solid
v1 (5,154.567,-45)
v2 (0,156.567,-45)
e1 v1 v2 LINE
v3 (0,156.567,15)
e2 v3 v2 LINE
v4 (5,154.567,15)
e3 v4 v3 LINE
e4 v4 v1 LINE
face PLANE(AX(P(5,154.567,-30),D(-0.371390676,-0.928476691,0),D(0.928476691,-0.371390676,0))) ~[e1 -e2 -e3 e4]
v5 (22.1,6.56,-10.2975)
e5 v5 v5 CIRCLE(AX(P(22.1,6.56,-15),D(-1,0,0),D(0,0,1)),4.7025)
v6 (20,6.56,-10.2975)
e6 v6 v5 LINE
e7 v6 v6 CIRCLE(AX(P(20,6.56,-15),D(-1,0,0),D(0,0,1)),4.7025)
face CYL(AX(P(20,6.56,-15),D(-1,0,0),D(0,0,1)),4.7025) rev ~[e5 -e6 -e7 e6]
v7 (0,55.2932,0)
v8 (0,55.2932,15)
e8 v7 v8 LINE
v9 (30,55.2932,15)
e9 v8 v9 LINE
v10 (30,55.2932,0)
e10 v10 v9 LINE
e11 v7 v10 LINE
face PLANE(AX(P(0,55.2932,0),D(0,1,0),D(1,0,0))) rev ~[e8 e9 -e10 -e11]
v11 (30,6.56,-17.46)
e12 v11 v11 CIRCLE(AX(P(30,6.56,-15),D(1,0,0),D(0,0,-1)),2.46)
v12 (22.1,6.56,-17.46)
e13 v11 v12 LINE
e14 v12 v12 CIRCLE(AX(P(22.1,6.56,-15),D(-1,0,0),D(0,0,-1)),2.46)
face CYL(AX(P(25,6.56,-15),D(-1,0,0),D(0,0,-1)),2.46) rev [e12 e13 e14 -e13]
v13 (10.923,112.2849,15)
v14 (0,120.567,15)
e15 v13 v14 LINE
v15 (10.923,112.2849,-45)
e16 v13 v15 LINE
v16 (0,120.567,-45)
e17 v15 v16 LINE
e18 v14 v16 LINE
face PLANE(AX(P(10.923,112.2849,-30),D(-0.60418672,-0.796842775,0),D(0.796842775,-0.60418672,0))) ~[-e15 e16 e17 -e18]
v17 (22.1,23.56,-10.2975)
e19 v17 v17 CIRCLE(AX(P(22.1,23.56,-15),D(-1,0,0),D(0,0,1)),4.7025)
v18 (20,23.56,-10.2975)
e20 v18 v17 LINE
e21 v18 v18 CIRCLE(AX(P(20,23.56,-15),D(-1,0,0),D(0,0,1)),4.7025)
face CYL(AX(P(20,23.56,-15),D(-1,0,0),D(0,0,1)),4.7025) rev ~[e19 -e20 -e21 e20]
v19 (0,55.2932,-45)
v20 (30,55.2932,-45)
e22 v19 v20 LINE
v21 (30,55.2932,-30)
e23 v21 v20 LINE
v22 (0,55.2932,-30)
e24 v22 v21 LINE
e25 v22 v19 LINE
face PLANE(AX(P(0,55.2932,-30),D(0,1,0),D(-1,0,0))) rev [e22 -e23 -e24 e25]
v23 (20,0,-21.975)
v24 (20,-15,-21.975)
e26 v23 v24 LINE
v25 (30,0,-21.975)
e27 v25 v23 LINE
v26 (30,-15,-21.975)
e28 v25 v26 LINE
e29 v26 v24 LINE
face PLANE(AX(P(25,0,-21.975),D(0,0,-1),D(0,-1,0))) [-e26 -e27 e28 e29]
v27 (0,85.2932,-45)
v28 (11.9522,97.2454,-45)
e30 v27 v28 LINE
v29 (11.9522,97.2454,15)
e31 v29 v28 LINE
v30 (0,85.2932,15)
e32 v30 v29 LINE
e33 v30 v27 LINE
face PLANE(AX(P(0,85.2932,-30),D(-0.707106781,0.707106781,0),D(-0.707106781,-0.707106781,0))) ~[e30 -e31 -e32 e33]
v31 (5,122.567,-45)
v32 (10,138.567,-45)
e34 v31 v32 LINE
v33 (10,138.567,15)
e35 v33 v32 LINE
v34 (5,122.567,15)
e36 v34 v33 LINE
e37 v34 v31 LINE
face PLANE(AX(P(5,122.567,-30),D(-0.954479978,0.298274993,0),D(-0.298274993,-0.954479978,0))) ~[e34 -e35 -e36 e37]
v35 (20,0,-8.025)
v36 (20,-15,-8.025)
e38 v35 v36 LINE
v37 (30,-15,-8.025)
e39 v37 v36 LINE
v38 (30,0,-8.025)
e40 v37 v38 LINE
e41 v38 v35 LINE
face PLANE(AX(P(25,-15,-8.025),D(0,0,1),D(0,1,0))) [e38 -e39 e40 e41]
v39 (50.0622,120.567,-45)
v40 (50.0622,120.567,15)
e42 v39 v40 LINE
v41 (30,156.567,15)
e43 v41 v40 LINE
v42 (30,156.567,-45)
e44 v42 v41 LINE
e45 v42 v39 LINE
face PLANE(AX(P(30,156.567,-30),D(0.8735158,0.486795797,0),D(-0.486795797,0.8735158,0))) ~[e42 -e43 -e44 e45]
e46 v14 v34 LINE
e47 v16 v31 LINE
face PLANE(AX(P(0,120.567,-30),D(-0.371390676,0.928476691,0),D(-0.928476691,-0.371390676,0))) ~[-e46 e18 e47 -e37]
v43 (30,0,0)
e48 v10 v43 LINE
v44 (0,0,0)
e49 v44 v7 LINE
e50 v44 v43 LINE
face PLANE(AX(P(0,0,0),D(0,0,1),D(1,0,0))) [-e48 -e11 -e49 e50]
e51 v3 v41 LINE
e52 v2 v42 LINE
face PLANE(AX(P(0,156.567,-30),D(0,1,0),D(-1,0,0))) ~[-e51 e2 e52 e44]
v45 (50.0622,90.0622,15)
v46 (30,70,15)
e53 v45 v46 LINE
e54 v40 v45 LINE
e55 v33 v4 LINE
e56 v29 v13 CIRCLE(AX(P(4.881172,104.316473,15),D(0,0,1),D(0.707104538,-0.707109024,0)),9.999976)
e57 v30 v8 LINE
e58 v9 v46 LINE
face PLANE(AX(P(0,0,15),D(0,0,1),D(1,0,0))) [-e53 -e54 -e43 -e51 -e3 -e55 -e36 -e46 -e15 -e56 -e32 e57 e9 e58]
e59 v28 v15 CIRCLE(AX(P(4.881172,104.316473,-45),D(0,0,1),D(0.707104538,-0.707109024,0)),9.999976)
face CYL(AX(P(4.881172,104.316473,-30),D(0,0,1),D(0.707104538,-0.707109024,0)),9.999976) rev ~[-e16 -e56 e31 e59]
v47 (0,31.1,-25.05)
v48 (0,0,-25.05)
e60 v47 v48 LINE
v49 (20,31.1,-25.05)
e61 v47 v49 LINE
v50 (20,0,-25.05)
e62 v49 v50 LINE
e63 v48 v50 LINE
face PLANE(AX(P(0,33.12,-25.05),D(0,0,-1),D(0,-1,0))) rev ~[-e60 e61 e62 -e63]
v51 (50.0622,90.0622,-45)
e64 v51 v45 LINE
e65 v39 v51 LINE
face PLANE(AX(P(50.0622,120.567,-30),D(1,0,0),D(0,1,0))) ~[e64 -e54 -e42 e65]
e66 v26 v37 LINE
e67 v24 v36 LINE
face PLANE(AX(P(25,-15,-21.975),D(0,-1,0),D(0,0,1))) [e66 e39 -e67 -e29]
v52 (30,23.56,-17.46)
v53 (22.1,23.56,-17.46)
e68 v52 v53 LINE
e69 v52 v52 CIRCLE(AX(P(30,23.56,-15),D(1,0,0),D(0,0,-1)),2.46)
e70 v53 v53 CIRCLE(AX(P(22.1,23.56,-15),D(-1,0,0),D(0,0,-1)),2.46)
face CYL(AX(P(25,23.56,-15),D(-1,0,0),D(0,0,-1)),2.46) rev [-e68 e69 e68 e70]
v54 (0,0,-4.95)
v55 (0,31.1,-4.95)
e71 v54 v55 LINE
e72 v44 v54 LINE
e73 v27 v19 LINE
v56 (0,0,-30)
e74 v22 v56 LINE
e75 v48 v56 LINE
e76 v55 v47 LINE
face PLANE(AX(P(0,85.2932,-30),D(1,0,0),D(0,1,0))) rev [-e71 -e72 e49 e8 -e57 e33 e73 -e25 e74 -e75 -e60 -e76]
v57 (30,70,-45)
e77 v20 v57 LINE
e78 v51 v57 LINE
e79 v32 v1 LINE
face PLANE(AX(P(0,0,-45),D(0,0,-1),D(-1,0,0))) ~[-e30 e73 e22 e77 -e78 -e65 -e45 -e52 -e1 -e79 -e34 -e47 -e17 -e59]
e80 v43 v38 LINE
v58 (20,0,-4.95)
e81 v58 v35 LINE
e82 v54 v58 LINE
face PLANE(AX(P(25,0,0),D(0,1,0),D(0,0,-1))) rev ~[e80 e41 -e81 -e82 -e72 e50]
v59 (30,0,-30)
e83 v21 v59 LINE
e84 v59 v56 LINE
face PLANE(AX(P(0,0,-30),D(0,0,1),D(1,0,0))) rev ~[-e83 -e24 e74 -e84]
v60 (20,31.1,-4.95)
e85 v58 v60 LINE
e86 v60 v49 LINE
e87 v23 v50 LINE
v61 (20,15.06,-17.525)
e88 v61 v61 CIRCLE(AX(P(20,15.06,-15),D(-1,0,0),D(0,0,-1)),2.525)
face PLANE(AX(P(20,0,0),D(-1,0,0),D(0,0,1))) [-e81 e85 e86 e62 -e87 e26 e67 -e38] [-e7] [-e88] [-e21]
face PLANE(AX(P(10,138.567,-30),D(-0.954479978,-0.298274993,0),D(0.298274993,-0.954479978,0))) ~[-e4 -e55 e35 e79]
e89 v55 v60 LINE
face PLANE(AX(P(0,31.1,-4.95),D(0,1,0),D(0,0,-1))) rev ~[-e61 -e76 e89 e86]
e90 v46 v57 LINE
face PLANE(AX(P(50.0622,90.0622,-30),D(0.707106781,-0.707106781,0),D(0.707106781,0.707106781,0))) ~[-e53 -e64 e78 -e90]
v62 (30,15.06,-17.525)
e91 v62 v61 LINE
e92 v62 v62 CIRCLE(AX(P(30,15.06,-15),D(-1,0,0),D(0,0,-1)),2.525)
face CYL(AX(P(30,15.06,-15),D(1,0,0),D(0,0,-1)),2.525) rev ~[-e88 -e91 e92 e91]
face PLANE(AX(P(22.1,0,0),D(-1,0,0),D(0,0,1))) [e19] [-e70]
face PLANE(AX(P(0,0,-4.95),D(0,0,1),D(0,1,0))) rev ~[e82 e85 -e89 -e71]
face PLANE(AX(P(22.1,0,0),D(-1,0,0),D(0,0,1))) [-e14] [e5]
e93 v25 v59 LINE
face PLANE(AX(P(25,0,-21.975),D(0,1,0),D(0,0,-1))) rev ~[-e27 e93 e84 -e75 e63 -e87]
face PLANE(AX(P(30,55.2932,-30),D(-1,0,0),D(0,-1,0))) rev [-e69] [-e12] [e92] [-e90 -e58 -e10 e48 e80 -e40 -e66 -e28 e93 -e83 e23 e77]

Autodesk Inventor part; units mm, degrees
ref_plane "YZ Plane" through (0, 0, 0) normal (1, 0, 0) x (0, 1, 0)
ref_plane "XZ Plane" through (0, 0, 0) normal (0, 1, 0) x (-1, 0, 0)
sketch "Sketch1" plane through (0, 0, 0) normal (0, 0, 1) x (1, 0, 0)
  line L0 (0, 0) -> (25, 0)
  line L1 (25, 0) -> (25, 40)
  line L2 (25, 40) -> (0, 40)
  line L3 (0, 40) -> (0, 0)
  dimension "d1" = 25
  dimension "d2" = 40
  dimension "d3" = 25
extrude "Extrusion1" add sketch "Sketch1" against normal blind 30
sketch "Sketch2" plane through (25, 0, 0) normal (1, 0, 0) x (0, 0, -1)
  line L0 (0, 0) -> (30, 0) projected
  circle A0 centre (15, 6.56) radius 2.46
extrude "Extrusion2" cut sketch "Sketch2" against normal blind 30
sketch "Sketch3" plane through (0, 0, 0) normal (-1, 0, 0) x (0, 0, 1)
  line L0 (0, 0) -> (-30, 0) projected
  line L1 (-25.05, 0) -> (-4.95, 0)
  line L2 (-4.95, 0) -> (-4.95, 33.12)
  line L3 (-4.95, 33.12) -> (-25.05, 33.12)
  line L4 (-25.05, 33.12) -> (-25.05, 0)
  dimension "d11" = 20.1
extrude "Extrusion3" cut sketch "Sketch3" against normal blind 20
sketch "Sketch4" plane through (0, 0, 0) normal (0, -1, 0) x (1, 0, 0)
  line L0 (20, -4.95) -> (20, -25.05) projected
  line L1 (20, -15) -> (25, -15)
  line L2 (25, 0) -> (25, -30) projected
  line L3 (20, -8.025) -> (25, -8.025)
  line L4 (25, -8.025) -> (25, -21.975)
  line L5 (25, -21.975) -> (20, -21.975)
  line L6 (20, -21.975) -> (20, -8.025)
  line L7 (20, -8.025) -> (25, -21.975) construction
  line L8 (25, -8.025) -> (20, -21.975) construction
  line L9 (25, -12.54) -> (25, -17.46) projected
  point P0 (0, 0)
  point P1 (22.5, -15)
  dimension "d14" = 13.95
extrude "Extrusion4" add sketch "Sketch4" along normal blind 15
sketch "Sketch5" plane through (20, 0, 0) normal (-1, 0, 0) x (0, 0, 1)
  circle A0 centre (-15, 6.56) radius 2.46 projected
  circle A1 centre (-15, 6.56) radius 4.7025
  circle A2 centre (-15, 6.56) radius 2.46 projected
  circle A3 centre (-15, 6.56) radius 2.46
  point P0 (0, 0)
  dimension "d17" = 9.405
extrude "Extrusion5" cut sketch "Sketch5" against normal blind 2.1
sketch "Sketch6" plane through (25, 0, 0) normal (1, 0, 0) x (0, 0, -1)
  circle A0 centre (15, 6.56) radius 4.7025 projected
  line L0 (15, 6.56) -> (15, 23.56)
  circle A1 centre (15, 23.56) radius 2.46
  point P0 (0, 0)
  dimension "d20" = 17
  dimension "d21" = 4.92
extrude "Extrusion6" cut sketch "Sketch6" against normal blind 10 contours A1
sketch "Sketch7" plane through (20, 0, 0) normal (-1, 0, 0) x (0, 0, 1)
  circle A0 centre (-15, 23.56) radius 2.46 projected
  circle A1 centre (-15, 23.56) radius 4.7025
  point P0 (0, 0)
  dimension "d24" = 9.405
extrude "Extrusion7" cut sketch "Sketch7" against normal blind 2.1
sketch "Sketch9" plane through (25, 0, 0) normal (1, 0, 0) x (0, 0, -1)
  circle A0 centre (15, 6.56) radius 2.46 projected
  circle A1 centre (15, 6.56) radius 2.46
  circle A2 centre (15, 23.56) radius 2.46 projected
  circle A3 centre (15, 23.56) radius 2.46
  line L0 (30, 40) -> (30, 0) projected
  line L1 (30, 0) -> (30, 40)
  line L2 (30, 40) -> (0, 40)
  line L3 (0, 40) -> (0, 0)
  line L4 (0, 0) -> (8.025, 0) projected
  line L5 (21.975, 0) -> (21.975, -15)
  line L6 (21.975, -15) -> (8.025, -15)
  line L7 (8.025, -15) -> (8.025, 0)
  line L8 (0, 0) -> (8.025, 0)
  line L9 (21.975, 0) -> (30, 0)
extrude "Extrusion8" add sketch "Sketch9" along normal blind 5
sketch "Sketch10" plane through (0, 40, 0) normal (0, 1, 0) x (1, 0, 0)
  line L0 (0, 30) -> (30, 30) projected
  line L1 (30, 0) -> (0, 0) projected
  line L2 (0, 30) -> (30, 30)
  line L3 (30, 30) -> (30, 0)
  line L4 (30, 0) -> (0, 0)
  line L5 (0, 0) -> (0, 30)
extrude "Extrusion9" add sketch "Sketch10" along normal blind 30
sketch "Sketch12" plane through (30, 0, 0) normal (1, 0, 0) x (0, 0, -1)
  circle A0 centre (15, 6.56) radius 2.46 projected
  line L0 (15, 6.56) -> (15, 15.06)
  circle A1 centre (15, 15.06) radius 2.525
  point P0 (0, 0)
  dimension "d31" = 8.5
  dimension "d33" = 5.05
extrude "Extrusion10" cut sketch "Sketch12" against normal blind 30 contours A1
sketch "Sketch15" plane through (0, 0, -25.05) normal (-1, 0, 0) x (0, 0, 1)
  line L0 (0, 33.12) -> (20.1, 33.12) projected
  line L1 (20.1, 33.12) -> (20.1, 0) projected
  line L2 (0, 33.12) -> (20.1, 33.12)
  line L3 (20.1, 33.12) -> (20.1, 31.1)
  line L4 (20.1, 31.1) -> (0, 31.1)
  line L5 (0, 31.1) -> (0, 33.12)
  point P0 (25.05, 0)
  dimension "d57" = 2.02
extrude "Extrusion13" add sketch "Sketch15" against normal blind 20
sketch "Sketch17" plane through (0, 0, 0) normal (0, 0, 1) x (1, 0, 0)
  line L0 (0, 70) -> (30, 70) projected
  line L1 (30, 70) -> (50.0622, 90.0622)
  line L2 (30, 70) -> (80, 70) construction
  line L3 (11.9522, 97.2454) -> (0, 85.2932)
  line L4 (0, 70) -> (0, 85.2932)
  line L5 (0, 70) -> (0, 0) projected
  line L6 (0, 70) -> (30, 70)
  line L7 (10.923, 112.2849) -> (0, 120.567)
  line L8 (50.0622, 105.3553) -> (50.0622, 120.567)
  line L9 (50.0622, 105.3553) -> (50.0622, 90.0622)
  arc A0 (11.9522, 97.2454) -> (10.923, 112.2849) centre (4.8811, 104.3165) ccw
  line L10 (0, 156.567) -> (30, 156.567)
  line L11 (30, 156.567) -> (50.0622, 120.567)
  line L12 (5, 154.567) -> (0, 156.567)
  line L13 (5, 122.567) -> (0, 120.567)
  line L14 (5, 122.567) -> (10, 138.567)
  line L15 (10, 138.567) -> (5, 154.567)
  dimension "d61" = 45
  dimension "d62" = 32.0271
  dimension "d72" = 10
extrude "Extrusion14" add sketch "Sketch17" against normal blind 30
sketch "Sketch23" plane through (0, 0, 0) normal (0, 0, 1) x (1, 0, 0)
  line L0 (50.0622, 90.0622) -> (30, 70) projected
  line L1 (30, 70) -> (50.0622, 90.0622)
  line L2 (50.0622, 120.567) -> (50.0622, 90.0622) projected
  line L3 (50.0622, 90.0622) -> (50.0622, 120.567)
  line L4 (30, 156.567) -> (50.0622, 120.567) projected
  line L5 (50.0622, 120.567) -> (30, 156.567)
  line L6 (0, 156.567) -> (30, 156.567) projected
  line L7 (30, 156.567) -> (0, 156.567)
  line L8 (5, 154.567) -> (0, 156.567) projected
  line L9 (0, 156.567) -> (5, 154.567)
  line L10 (10, 138.567) -> (5, 154.567) projected
  line L11 (5, 154.567) -> (10, 138.567)
  line L12 (5, 122.567) -> (10, 138.567) projected
  line L13 (10, 138.567) -> (5, 122.567)
  line L14 (0, 120.567) -> (5, 122.567) projected
  line L15 (5, 122.567) -> (0, 120.567)
  line L16 (10.923, 112.2849) -> (0, 120.567) projected
  line L17 (0, 120.567) -> (10.923, 112.2849)
  line L18 (0, 85.2932) -> (11.9522, 97.2454) projected
  line L19 (11.9522, 97.2454) -> (0, 85.2932)
  line L20 (0, 85.2932) -> (0, 55.2932)
  line L21 (0, 0) -> (0, 85.2932) projected
  line L22 (0, 55.2932) -> (30, 55.2932)
  line L23 (30, 0) -> (30, 70) projected
  line L24 (30, 55.2932) -> (30, 70)
  arc A0 (11.9522, 97.2454) -> (10.923, 112.2849) centre (4.8811, 104.3165) ccw
  dimension "d97" = 30
extrude "Extrusion15" add sketch "Sketch23" along normal blind 15
ref_plane "Work Plane1" through (0, 0, -15) normal (0, 0, 1) x (1, 0, 0)
mirror "Mirror1" about plane through (0, 0, -15) normal (0, 0, 1) of "Extrusion15"
properties part number "rec_c_32mm_x_60mm"
